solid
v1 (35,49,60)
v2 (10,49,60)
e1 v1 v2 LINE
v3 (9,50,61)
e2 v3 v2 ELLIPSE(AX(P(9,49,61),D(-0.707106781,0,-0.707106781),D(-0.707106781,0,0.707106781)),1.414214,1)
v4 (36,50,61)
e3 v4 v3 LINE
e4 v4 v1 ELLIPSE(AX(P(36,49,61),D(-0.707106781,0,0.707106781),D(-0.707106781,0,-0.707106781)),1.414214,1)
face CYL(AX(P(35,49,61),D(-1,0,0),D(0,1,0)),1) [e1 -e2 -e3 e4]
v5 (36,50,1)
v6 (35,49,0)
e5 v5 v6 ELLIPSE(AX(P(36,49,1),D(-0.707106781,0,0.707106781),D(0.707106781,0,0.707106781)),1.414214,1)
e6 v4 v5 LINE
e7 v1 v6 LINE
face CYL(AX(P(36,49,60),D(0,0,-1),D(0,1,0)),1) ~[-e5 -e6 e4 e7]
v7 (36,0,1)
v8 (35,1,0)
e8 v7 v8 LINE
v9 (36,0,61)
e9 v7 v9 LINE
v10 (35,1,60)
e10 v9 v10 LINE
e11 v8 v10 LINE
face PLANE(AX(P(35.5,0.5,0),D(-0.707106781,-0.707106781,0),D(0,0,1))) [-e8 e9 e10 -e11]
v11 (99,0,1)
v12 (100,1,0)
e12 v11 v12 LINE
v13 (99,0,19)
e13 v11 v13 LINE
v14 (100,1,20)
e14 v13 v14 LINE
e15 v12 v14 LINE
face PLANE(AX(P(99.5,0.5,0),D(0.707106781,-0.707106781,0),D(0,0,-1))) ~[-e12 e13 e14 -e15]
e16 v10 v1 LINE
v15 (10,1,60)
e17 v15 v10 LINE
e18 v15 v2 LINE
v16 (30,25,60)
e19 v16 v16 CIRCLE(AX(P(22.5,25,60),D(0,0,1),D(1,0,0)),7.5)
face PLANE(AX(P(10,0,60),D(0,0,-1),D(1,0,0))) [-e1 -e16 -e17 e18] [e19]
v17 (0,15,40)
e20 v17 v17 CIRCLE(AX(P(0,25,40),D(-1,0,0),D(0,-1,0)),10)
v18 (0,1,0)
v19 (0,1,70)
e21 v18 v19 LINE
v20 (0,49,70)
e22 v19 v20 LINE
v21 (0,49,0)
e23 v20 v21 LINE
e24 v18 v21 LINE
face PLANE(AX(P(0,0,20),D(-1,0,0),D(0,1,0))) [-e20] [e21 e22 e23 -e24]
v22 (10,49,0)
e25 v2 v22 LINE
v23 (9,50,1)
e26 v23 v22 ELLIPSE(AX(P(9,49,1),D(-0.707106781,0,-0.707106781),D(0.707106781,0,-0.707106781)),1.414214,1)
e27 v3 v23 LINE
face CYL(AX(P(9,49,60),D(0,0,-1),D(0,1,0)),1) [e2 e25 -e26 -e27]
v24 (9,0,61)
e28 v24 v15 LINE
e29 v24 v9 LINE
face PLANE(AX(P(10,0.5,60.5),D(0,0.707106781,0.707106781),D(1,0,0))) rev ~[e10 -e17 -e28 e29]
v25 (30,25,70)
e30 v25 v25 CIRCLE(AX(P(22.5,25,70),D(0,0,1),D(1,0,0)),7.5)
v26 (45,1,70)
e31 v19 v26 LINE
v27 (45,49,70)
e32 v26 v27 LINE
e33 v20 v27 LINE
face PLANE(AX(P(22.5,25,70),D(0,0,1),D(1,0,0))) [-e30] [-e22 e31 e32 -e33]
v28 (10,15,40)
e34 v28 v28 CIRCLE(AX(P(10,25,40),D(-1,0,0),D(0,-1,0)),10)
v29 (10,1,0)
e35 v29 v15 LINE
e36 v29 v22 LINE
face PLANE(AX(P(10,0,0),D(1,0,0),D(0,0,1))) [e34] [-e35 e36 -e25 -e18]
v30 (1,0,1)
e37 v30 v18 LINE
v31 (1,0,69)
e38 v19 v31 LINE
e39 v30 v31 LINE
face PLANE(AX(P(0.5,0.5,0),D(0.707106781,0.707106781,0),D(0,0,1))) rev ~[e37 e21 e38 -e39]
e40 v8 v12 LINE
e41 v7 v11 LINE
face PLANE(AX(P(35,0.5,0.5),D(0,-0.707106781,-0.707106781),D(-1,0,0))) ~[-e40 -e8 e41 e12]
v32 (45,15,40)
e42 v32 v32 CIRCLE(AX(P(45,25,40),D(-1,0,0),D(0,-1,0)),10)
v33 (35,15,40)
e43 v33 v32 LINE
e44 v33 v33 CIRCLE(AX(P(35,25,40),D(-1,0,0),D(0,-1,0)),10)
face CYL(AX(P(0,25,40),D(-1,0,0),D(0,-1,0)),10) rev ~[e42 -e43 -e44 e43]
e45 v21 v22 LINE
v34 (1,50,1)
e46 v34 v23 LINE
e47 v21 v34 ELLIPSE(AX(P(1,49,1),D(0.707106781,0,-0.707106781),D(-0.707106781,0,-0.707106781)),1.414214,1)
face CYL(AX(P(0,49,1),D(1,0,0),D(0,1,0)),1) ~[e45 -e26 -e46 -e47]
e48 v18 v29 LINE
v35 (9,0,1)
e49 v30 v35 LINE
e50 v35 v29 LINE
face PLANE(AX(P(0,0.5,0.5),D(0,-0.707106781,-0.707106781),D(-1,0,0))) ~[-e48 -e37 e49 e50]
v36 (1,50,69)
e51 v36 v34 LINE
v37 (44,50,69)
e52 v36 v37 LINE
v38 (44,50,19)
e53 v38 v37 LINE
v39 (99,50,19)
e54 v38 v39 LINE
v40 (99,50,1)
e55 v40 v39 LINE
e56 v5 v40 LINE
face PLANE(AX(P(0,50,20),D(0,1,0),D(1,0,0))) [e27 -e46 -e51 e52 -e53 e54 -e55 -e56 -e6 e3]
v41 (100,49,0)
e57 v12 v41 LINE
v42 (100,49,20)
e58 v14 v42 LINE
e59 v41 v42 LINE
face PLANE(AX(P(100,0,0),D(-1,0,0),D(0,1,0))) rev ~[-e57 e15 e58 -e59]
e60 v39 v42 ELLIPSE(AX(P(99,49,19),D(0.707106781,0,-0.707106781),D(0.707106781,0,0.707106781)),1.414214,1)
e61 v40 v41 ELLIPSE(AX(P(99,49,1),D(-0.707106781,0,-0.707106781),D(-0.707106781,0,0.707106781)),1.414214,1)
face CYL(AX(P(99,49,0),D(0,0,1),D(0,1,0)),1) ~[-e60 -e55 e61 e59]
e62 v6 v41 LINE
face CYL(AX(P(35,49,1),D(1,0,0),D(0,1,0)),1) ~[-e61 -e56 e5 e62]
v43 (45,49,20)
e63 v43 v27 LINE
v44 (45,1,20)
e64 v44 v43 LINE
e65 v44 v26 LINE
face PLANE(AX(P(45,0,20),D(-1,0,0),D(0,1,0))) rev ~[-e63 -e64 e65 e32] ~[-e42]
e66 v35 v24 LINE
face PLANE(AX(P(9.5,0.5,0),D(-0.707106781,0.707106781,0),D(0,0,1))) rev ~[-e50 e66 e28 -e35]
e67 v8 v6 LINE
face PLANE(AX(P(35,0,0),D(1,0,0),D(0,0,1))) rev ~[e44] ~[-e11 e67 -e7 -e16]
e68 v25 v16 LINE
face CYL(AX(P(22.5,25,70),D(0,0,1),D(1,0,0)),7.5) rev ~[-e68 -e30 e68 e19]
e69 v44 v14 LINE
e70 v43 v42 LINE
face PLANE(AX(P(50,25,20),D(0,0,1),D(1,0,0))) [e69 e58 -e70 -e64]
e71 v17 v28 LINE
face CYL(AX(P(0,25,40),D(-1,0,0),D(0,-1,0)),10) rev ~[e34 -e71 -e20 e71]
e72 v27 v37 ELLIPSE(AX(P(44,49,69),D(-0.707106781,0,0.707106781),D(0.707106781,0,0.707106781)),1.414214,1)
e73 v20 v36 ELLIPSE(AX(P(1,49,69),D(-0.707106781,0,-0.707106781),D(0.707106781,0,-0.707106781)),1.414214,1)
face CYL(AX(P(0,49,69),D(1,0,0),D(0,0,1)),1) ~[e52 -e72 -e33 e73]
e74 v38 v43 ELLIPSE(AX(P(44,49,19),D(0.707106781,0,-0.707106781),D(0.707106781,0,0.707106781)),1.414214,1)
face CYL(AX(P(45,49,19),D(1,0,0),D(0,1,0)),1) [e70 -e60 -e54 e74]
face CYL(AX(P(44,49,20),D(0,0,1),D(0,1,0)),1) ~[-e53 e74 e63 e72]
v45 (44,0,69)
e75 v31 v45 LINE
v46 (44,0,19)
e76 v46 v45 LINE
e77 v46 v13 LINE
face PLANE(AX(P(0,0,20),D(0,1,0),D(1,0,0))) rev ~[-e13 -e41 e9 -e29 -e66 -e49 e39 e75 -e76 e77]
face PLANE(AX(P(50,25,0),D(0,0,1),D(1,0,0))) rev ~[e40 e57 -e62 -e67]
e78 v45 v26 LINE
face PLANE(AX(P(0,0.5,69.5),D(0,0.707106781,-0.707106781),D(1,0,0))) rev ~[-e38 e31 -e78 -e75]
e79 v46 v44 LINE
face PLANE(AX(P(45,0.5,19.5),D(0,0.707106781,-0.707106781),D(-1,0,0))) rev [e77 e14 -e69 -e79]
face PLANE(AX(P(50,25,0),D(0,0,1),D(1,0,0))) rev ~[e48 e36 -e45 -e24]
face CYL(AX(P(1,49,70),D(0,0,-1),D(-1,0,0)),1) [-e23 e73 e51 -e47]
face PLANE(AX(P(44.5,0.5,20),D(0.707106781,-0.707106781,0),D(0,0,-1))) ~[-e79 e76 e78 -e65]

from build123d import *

# Parameters (mm, degrees)
F0_W     = 100
F0_H     = 50
F1_DEPTH = 20
F2_W     = 45
F2_H     = 50
F3_DEPTH = 50
F4_W     = 25
F4_H     = 60
F5_DEPTH = 50.001
F6_R     = 10
F7_DEPTH = 100.001
F8_R     = 7.5
F9_DEPTH = 10
F10_SIZE = 1
F11_R    = 1


with BuildPart() as f1:
    # F0 (on Top) → F1 (new body)
    with BuildSketch(Plane.XY):
        with Locations((50, 25)):
            Rectangle(F0_W, F0_H)
    extrude(amount=F1_DEPTH)

    # F2 (on face) → F3 (join)
    with BuildSketch(Plane.XY.offset(20)):
        with Locations((22.5, 25)):
            Rectangle(F2_W, F2_H)
    extrude(amount=F3_DEPTH)

    # F4 (on face) → F5 (cut, through all)
    with BuildSketch(Plane.XZ):
        with Locations((22.5, 30)):
            Rectangle(F4_W, F4_H)
    extrude(amount=-F5_DEPTH, mode=Mode.SUBTRACT)

    # F6 (on face) → F7 (cut, through all)
    with BuildSketch(Plane(origin=(0, 0, 0), x_dir=(0, -1, 0), z_dir=(-1, 0, 0))):
        with Locations((-25, 40)):
            Circle(F6_R)
    extrude(amount=-F7_DEPTH, mode=Mode.SUBTRACT)

    # F8 (on face) → F9 (cut, through all)
    with BuildSketch(Plane.XY.offset(70)):
        with Locations((22.5, 25)):
            Circle(F8_R)
    extrude(amount=-F9_DEPTH, mode=Mode.SUBTRACT)

    # F10
    f10_edges = [f1.edges().sort_by_distance(p)[0] for p in [
        (5, 0, 0),
        (0, 0, 35),
        (45, 0, 45),
        (22.5, 0, 70),
        (10, 0, 30),
        (22.5, 0, 60),
        (35, 0, 30),
        (67.5, 0, 0),
        (72.5, 0, 20),
        (100, 0, 10),
    ]]
    chamfer(f10_edges, length=F10_SIZE)

    # F11
    f11_edges = [f1.edges().sort_by_distance(p)[0] for p in [
        (0, 50, 35),
        (22.5, 50, 70),
        (45, 50, 45),
        (72.5, 50, 20),
        (100, 50, 10),
        (67.5, 50, 0),
        (35, 50, 30),
        (22.5, 50, 60),
        (10, 50, 30),
        (5, 50, 0),
    ]]
    fillet(f11_edges, radius=F11_R)


solid = f1.part
